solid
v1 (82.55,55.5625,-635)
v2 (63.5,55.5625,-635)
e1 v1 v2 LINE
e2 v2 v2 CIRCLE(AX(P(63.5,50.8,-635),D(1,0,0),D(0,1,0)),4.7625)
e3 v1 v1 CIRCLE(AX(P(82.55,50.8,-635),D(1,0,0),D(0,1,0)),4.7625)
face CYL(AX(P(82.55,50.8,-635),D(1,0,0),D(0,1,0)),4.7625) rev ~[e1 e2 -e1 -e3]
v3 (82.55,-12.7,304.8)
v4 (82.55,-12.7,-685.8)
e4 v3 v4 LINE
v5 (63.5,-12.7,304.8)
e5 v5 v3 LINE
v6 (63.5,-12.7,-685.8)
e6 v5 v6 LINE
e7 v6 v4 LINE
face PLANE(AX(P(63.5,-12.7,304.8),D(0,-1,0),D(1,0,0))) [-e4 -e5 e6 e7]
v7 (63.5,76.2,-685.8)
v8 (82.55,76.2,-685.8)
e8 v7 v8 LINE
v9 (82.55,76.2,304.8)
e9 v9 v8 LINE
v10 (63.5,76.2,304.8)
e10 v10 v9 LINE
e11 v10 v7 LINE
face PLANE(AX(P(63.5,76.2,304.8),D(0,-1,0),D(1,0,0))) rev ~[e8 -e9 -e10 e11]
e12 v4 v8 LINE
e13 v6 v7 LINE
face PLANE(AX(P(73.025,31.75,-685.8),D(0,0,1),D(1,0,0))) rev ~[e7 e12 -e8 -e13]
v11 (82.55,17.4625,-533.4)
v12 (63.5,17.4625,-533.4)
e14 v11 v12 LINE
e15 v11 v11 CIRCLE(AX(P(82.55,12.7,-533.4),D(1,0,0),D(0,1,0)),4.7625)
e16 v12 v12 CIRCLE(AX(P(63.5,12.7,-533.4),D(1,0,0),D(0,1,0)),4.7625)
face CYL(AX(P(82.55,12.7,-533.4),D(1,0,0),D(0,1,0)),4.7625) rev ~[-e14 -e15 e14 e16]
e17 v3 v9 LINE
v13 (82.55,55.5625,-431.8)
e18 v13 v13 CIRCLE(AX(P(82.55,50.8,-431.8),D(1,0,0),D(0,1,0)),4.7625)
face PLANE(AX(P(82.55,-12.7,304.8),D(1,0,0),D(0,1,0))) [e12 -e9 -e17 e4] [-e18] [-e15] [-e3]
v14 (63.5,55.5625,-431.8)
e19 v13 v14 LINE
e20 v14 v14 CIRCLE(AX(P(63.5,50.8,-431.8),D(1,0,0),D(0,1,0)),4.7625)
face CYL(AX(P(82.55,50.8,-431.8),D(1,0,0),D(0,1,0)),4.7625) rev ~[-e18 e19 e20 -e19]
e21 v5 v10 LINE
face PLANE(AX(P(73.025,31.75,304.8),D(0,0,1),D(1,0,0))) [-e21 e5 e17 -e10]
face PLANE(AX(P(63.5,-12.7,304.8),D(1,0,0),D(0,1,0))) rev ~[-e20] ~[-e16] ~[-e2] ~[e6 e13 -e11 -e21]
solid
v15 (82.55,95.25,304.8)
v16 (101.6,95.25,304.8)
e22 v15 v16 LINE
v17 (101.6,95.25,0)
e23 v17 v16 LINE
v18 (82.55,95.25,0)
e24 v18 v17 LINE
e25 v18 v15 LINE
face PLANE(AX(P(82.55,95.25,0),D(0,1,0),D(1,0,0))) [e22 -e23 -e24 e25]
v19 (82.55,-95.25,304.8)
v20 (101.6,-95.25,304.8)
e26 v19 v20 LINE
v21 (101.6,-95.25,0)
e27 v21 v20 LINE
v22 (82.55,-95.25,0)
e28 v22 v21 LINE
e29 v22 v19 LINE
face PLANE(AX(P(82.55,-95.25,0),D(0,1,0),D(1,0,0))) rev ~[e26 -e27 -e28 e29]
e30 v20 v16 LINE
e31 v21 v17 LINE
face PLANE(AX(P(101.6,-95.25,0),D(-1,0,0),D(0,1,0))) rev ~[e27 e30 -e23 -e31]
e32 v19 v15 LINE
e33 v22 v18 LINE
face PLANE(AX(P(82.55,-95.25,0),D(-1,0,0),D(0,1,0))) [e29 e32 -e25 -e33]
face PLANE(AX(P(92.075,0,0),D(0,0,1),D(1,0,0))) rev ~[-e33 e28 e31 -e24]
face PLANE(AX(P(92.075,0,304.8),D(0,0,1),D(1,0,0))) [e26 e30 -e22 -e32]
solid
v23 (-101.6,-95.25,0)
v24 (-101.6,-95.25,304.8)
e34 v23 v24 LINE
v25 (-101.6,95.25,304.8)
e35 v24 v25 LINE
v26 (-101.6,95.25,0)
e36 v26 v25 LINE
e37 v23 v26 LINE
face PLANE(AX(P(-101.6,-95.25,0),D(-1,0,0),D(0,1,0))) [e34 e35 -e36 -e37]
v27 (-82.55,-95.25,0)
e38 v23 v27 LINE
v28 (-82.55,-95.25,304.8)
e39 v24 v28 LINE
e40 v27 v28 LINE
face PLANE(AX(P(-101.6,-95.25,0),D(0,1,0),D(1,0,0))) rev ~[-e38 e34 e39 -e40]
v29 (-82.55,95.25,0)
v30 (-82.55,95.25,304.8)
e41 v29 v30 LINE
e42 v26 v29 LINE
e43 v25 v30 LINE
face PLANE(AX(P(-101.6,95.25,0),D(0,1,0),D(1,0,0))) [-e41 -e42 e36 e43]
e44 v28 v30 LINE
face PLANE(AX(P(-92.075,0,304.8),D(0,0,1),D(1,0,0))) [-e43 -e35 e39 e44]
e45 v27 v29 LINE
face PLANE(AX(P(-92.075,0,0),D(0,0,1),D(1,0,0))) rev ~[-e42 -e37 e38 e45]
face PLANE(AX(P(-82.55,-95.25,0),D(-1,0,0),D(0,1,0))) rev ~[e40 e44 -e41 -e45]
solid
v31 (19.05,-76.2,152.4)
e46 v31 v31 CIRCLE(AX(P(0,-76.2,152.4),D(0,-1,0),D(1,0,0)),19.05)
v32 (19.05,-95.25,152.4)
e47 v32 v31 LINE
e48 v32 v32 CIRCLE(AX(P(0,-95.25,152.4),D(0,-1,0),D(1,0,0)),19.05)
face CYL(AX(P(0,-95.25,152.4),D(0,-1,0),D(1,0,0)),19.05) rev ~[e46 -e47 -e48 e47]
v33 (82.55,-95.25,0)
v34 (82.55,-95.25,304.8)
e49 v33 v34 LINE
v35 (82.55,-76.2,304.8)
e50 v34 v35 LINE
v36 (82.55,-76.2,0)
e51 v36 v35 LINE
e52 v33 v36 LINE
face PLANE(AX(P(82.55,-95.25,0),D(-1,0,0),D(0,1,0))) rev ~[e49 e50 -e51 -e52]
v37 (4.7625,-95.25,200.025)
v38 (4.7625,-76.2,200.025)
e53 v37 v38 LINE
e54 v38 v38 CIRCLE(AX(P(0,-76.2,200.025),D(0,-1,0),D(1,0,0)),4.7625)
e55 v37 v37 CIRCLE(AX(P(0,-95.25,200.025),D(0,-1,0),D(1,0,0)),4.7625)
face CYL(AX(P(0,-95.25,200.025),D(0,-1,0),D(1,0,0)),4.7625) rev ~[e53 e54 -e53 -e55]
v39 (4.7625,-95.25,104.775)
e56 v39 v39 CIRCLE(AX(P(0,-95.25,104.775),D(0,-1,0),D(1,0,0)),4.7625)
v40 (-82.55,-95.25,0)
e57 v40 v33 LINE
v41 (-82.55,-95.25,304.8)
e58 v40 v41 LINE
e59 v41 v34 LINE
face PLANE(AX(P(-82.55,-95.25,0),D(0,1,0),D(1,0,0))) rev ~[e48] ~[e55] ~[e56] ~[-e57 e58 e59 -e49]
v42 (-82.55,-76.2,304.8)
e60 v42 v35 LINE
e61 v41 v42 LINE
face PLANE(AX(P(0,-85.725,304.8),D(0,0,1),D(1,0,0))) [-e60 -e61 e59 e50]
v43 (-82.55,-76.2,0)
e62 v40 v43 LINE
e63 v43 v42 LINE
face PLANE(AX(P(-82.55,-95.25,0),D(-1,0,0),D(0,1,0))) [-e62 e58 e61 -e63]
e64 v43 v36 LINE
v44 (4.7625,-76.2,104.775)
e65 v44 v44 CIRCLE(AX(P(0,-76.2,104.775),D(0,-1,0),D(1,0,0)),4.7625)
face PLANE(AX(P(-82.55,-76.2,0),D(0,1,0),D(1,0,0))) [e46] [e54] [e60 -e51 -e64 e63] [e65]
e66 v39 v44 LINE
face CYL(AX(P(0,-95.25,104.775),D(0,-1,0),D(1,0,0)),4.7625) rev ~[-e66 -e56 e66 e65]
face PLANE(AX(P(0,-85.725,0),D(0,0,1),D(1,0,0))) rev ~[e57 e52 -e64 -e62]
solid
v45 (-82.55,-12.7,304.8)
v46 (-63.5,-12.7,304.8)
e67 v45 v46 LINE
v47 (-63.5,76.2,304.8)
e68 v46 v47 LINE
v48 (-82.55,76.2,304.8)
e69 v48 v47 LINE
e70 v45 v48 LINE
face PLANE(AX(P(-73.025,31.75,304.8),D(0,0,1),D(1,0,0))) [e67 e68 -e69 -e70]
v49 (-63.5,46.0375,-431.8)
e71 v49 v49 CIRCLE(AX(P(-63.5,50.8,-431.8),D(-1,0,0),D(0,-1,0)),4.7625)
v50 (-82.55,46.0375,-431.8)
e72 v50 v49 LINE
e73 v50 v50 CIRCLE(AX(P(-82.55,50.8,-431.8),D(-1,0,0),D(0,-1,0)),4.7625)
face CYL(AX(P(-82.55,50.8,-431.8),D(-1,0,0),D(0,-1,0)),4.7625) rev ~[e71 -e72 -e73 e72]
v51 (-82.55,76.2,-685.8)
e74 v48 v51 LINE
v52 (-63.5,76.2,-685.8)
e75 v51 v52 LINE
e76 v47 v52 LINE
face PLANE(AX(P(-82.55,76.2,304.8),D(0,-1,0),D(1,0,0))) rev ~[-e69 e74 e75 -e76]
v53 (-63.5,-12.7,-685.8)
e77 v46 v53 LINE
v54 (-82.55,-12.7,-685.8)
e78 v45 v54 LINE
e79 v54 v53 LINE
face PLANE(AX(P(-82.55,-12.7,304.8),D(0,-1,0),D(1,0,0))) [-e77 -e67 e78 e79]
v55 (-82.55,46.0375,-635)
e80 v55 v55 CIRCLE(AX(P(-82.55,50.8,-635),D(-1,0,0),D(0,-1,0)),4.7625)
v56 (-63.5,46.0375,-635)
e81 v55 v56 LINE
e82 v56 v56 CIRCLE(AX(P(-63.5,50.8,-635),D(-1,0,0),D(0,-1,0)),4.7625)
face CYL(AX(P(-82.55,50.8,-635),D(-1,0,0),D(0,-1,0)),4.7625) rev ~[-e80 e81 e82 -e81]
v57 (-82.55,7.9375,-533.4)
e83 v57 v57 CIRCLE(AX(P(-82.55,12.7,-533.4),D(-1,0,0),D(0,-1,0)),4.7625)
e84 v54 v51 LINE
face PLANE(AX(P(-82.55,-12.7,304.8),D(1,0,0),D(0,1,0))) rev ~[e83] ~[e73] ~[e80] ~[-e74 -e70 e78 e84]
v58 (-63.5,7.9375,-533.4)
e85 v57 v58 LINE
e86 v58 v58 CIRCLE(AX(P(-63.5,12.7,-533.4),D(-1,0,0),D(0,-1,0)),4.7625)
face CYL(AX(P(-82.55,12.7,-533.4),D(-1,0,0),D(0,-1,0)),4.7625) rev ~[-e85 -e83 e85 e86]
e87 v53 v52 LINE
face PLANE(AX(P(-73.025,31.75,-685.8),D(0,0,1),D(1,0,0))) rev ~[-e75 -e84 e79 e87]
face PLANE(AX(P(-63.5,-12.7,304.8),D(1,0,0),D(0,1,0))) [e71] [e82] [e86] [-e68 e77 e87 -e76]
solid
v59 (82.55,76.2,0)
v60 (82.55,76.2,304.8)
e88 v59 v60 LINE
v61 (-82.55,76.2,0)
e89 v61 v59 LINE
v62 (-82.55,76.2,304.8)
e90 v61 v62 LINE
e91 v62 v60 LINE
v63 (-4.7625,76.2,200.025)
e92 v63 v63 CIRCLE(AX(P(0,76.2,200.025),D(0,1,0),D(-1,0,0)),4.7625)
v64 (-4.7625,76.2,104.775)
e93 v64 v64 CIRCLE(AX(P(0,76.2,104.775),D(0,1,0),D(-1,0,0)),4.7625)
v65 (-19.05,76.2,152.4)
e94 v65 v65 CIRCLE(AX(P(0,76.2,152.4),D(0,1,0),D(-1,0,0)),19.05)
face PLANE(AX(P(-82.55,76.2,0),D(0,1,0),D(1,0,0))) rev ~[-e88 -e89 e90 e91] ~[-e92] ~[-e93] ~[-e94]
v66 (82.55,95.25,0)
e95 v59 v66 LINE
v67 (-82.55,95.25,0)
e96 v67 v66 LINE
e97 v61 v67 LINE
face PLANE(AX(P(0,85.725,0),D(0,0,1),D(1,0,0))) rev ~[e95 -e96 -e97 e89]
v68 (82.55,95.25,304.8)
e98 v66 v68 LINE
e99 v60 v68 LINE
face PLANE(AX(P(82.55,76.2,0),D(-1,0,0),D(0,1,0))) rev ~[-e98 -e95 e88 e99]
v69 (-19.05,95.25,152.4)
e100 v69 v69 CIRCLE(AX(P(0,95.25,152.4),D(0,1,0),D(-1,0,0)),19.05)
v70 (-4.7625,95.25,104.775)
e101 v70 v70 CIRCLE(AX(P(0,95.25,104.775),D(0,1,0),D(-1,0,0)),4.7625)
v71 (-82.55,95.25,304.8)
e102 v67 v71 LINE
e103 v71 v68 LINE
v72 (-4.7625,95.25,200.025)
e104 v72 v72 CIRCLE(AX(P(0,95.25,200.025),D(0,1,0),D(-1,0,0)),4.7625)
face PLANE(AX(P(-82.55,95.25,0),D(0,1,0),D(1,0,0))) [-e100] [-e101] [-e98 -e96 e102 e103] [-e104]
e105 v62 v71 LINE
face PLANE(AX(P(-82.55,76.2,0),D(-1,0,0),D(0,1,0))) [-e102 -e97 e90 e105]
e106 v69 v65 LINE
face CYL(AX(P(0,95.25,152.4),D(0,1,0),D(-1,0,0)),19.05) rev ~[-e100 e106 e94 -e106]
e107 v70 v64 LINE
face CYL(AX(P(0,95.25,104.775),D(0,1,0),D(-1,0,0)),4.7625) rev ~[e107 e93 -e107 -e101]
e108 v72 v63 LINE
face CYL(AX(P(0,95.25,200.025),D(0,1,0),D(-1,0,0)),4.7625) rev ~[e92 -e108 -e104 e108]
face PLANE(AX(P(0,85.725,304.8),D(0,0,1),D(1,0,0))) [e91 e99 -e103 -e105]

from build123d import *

# Parameters (mm, degrees)
F0_W      = 19.05
F0_H      = 190.5
F1_DEPTH  = 304.8
F2_W      = 165.1
F2_H      = 19.05
F3_DEPTH  = 304.8
F4_R      = 4.7625
F4_R_2    = 19.05
F5_DEPTH  = 25.4
F6_R      = 4.7625
F6_R_2    = 19.05
F7_DEPTH  = 25.4
F8_W      = 19.05
F8_H      = 88.9
F9_DEPTH  = 990.6
F10_R     = 4.7625
F11_DEPTH = 25.4
F12_R     = 4.7625
F13_DEPTH = 25.4


with BuildPart() as f1:
    # F0 (on Top) → F1 (new body)
    with BuildSketch(Plane.XY):
        with Locations((92.075, 0)):
            Rectangle(F0_W, F0_H)
        with Locations((-92.075, 0)):
            Rectangle(F0_W, F0_H)
    extrude(amount=F1_DEPTH)


with BuildPart() as f3:
    # F2 (on Top) → F3 (new body)
    with BuildSketch(Plane.XY):
        with Locations((0, -85.725)):
            Rectangle(F2_W, F2_H)
        with Locations((0, 85.725)):
            Rectangle(F2_W, F2_H)
    extrude(amount=F3_DEPTH)

    # F4 (on face) → F5 (cut)
    with BuildSketch(Plane(origin=(0, 95.25, 0), x_dir=(-1, 0, 0), z_dir=(0, 1, 0))):
        with Locations((0, 200.025)):
            Circle(F4_R)
        with Locations((0, 152.4)):
            Circle(F4_R_2)
        with Locations((0, 104.775)):
            Circle(F4_R)
    extrude(amount=-F5_DEPTH, mode=Mode.SUBTRACT)

    # F6 (on face) → F7 (cut)
    with BuildSketch(Plane.XZ.offset(95.25)):
        with Locations((0, 104.775)):
            Circle(F6_R)
        with Locations((0, 152.4)):
            Circle(F6_R_2)
        with Locations((0, 200.025)):
            Circle(F6_R)
    extrude(amount=-F7_DEPTH, mode=Mode.SUBTRACT)


with BuildPart() as f9:
    # F8 (on face) → F9 (new body)
    with BuildSketch(Plane.XY.offset(304.8)):
        with Locations((-73.025, 31.75)):
            Rectangle(F8_W, F8_H)
        with Locations((73.025, 31.75)):
            Rectangle(F8_W, F8_H)
    extrude(amount=-F9_DEPTH)

    # F10 (on face) → F11 (cut)
    with BuildSketch(Plane.YZ.offset(82.55)):
        with Locations((50.8, -635)):
            Circle(F10_R)
        with Locations((12.7, -533.4)):
            Circle(F10_R)
        with Locations((50.8, -431.8)):
            Circle(F10_R)
    extrude(amount=-F11_DEPTH, mode=Mode.SUBTRACT)

    # F12 (on face) → F13 (cut)
    with BuildSketch(Plane(origin=(-82.55, 0, 0), x_dir=(0, -1, 0), z_dir=(-1, 0, 0))):
        with Locations((-50.8, -431.8)):
            Circle(F12_R)
        with Locations((-50.8, -635)):
            Circle(F12_R)
        with Locations((-12.7, -533.4)):
            Circle(F12_R)
    extrude(amount=-F13_DEPTH, mode=Mode.SUBTRACT)


solid = Compound([f1.part, f3.part, f9.part])
